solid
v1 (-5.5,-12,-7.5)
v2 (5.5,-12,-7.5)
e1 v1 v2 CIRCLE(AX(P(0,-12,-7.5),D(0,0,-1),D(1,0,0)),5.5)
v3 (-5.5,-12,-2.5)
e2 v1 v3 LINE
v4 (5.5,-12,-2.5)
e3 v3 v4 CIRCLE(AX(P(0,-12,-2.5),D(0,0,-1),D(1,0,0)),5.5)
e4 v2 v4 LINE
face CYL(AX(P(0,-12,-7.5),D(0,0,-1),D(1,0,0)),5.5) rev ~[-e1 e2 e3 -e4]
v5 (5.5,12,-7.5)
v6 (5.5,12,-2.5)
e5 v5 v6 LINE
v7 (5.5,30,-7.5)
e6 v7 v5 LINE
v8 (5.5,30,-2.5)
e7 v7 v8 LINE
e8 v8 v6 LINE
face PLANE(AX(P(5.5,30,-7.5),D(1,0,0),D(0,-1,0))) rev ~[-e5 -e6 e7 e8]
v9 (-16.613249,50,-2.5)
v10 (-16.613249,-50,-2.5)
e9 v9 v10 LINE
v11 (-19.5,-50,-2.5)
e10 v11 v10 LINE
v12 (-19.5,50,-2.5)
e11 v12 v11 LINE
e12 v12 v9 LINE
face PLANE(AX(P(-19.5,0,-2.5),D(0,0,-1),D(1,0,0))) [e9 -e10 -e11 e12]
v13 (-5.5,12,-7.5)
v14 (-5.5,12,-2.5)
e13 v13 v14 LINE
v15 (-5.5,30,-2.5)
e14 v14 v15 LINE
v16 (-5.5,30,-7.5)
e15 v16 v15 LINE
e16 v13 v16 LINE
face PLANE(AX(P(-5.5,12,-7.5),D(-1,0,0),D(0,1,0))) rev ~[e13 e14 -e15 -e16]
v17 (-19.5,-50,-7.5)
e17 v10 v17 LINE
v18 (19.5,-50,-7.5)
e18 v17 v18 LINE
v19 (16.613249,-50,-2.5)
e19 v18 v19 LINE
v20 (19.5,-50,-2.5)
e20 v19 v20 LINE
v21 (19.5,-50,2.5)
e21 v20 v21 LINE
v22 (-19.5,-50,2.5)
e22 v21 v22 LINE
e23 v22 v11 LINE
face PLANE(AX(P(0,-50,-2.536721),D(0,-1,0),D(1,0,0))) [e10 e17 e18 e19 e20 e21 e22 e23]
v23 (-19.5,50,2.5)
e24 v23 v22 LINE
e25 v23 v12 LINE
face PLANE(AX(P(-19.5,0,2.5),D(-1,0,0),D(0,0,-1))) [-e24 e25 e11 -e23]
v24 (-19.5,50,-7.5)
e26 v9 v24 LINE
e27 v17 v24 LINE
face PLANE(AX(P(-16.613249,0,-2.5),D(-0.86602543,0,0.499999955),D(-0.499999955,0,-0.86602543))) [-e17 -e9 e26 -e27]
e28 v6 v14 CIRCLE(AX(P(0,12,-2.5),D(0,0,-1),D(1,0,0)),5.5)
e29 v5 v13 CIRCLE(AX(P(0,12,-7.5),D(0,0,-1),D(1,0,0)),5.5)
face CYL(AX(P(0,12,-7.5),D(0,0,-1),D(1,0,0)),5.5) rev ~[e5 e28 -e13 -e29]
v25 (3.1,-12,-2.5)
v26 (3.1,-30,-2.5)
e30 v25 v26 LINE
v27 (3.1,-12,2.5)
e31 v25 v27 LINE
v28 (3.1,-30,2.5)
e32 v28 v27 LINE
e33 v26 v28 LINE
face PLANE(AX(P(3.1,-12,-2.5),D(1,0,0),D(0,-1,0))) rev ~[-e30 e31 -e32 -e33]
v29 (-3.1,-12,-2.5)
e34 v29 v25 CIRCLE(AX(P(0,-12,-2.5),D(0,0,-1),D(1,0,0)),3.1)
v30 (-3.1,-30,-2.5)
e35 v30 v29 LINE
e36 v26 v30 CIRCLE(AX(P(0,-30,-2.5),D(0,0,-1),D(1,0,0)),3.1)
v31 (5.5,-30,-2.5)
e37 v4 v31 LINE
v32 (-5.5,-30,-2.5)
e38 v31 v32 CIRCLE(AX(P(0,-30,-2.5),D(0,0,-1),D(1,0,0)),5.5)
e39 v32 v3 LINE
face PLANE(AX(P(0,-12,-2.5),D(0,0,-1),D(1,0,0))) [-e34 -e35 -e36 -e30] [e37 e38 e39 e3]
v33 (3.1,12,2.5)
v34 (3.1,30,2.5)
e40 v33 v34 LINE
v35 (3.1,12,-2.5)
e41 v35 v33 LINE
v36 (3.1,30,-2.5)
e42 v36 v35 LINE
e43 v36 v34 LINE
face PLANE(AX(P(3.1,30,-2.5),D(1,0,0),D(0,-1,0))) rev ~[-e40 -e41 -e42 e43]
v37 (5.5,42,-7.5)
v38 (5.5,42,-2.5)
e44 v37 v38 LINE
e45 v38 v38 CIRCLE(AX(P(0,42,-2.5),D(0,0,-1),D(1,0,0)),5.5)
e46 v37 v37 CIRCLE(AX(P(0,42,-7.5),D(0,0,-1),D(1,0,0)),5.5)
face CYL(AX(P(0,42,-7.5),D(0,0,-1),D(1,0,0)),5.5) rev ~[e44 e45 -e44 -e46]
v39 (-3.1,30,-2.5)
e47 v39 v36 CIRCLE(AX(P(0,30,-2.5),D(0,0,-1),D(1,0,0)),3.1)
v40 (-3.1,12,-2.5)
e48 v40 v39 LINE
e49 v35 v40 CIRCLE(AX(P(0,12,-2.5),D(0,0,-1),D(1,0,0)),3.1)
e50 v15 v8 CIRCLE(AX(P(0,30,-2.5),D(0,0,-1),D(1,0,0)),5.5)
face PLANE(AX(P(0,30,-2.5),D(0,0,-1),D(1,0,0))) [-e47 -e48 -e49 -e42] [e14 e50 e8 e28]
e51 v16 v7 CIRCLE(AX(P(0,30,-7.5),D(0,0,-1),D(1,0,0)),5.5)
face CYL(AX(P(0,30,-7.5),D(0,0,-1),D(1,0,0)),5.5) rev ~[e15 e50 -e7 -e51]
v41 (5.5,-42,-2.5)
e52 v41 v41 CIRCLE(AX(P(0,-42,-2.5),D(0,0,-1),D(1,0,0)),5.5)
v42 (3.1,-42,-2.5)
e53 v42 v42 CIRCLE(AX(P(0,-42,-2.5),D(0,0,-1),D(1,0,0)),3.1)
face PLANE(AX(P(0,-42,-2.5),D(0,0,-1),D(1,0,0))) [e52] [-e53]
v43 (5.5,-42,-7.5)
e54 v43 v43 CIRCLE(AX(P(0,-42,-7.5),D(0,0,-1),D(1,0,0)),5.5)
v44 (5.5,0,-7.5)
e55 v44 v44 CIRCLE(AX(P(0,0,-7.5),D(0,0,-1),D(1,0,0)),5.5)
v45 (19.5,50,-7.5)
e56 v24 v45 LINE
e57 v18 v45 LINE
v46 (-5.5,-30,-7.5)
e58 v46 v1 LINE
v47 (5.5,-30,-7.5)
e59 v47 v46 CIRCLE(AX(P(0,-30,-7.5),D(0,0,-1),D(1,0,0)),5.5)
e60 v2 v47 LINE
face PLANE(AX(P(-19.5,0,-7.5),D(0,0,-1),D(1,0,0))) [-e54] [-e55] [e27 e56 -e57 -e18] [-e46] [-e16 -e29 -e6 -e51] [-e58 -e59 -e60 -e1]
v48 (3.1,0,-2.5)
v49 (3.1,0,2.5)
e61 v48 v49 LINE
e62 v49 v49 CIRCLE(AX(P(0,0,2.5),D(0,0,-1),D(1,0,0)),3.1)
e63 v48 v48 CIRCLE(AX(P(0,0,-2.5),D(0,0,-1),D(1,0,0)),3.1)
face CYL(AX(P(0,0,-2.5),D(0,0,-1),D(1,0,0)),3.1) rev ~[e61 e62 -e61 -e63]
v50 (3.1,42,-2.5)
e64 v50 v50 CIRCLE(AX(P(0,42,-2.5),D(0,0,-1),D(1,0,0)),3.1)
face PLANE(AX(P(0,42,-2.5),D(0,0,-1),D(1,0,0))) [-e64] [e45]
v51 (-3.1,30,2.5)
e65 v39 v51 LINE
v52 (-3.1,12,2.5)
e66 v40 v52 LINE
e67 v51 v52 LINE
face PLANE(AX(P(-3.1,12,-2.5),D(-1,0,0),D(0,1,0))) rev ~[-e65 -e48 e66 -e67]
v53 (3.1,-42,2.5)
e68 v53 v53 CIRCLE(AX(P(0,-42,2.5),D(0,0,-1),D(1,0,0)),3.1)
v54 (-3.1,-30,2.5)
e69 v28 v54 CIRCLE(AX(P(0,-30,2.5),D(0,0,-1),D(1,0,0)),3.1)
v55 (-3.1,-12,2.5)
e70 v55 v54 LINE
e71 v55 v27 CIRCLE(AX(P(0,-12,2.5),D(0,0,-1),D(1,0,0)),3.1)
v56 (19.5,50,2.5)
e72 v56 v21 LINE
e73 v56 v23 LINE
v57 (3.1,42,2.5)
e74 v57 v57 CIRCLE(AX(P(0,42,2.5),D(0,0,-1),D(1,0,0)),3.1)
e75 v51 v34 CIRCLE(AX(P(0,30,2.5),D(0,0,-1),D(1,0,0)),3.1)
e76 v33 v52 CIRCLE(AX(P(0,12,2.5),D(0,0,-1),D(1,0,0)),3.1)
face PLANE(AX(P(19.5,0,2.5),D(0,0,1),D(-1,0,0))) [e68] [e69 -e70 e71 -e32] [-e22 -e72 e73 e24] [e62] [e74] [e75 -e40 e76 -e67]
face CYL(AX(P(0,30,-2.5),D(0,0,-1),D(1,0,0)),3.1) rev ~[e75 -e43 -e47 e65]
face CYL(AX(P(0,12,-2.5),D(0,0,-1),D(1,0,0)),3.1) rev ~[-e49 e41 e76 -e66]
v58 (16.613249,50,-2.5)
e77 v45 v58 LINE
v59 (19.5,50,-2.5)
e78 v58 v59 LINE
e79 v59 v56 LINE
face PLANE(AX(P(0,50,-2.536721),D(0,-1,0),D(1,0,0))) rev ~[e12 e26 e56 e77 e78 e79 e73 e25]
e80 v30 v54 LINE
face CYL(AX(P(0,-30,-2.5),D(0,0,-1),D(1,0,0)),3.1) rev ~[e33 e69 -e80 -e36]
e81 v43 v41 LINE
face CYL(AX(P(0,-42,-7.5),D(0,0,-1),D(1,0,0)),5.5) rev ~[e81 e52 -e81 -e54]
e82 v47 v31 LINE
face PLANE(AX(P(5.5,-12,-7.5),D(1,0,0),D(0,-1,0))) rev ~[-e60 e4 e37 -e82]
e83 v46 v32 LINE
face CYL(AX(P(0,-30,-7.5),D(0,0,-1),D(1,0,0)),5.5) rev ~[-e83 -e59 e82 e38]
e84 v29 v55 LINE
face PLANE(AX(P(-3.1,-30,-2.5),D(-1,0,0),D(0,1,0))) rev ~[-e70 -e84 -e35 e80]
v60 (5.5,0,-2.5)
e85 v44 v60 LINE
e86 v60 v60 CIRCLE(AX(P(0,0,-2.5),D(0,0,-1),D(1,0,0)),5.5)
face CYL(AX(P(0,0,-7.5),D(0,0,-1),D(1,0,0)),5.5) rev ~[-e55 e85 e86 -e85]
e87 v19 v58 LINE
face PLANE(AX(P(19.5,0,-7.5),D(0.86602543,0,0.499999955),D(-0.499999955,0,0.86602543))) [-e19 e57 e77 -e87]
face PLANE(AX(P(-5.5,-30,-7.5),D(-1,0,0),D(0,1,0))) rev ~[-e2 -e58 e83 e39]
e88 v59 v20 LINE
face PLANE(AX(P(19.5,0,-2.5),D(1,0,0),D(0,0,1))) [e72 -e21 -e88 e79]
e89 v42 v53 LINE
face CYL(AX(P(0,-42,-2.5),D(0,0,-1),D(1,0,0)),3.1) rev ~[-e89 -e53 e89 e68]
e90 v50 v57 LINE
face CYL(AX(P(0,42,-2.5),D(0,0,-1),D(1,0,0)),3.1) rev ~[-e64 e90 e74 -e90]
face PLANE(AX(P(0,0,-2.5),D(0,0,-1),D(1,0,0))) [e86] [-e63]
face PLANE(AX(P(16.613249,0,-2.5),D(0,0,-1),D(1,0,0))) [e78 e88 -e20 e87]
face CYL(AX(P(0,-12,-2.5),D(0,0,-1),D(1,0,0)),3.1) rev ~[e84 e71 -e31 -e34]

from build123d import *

# Parameters (mm, degrees)
F1_DEPTH = 50
F2_R     = 5.5
F3_DEPTH = 5
F4_R     = 3.1
F5_DEPTH = 5.001


with BuildPart() as f1:
    # F0 (on Front) → F1 (new body, symmetric)
    with BuildSketch(Plane.XZ):
        Polygon((16.613249, -2.5), (19.5, -2.5), (19.5, 2.5), (-19.5, 2.5), (-19.5, -2.5), (-16.613249, -2.5), (-19.5, -7.5), (19.5, -7.5), align=None)
    extrude(amount=F1_DEPTH, both=True)

    # F2 (on face) → F3 (cut)
    with BuildSketch(Plane(origin=(0, 0, -7.5), x_dir=(1, 0, 0), z_dir=(0, 0, -1))):
        Circle(F2_R)
        with Locations((0, -42)):
            Circle(F2_R)
        with Locations((0, 42)):
            Circle(F2_R)
        with BuildLine():
            ThreePointArc((-5.5, -30), (0, -35.5), (5.5, -30))
            ThreePointArc((5.5, -30), (0, -24.5), (-5.5, -30))
        make_face()
        with BuildLine():
            ThreePointArc((-5.5, -30), (0, -24.5), (5.5, -30))
            Line((5.5, -30), (5.5, -12))
            ThreePointArc((5.5, -12), (0, -17.5), (-5.5, -12))
            Line((-5.5, -12), (-5.5, -30))
        make_face()
        with BuildLine():
            ThreePointArc((-5.5, -12), (0, -17.5), (5.5, -12))
            ThreePointArc((5.5, -12), (0, -6.5), (-5.5, -12))
        make_face()
        with BuildLine():
            ThreePointArc((-5.5, 12), (0, 6.5), (5.5, 12))
            ThreePointArc((5.5, 12), (0, 17.5), (-5.5, 12))
        make_face()
        with BuildLine():
            ThreePointArc((-5.5, 12), (0, 17.5), (5.5, 12))
            Line((5.5, 12), (5.5, 30))
            ThreePointArc((5.5, 30), (0, 24.5), (-5.5, 30))
            Line((-5.5, 30), (-5.5, 12))
        make_face()
        with BuildLine():
            ThreePointArc((-5.5, 30), (0, 24.5), (5.5, 30))
            ThreePointArc((5.5, 30), (0, 35.5), (-5.5, 30))
        make_face()
    extrude(amount=-F3_DEPTH, mode=Mode.SUBTRACT)

    # F4 (on face) → F5 (cut, through all)
    with BuildSketch(Plane(origin=(0, 0, -2.5), x_dir=(1, 0, 0), z_dir=(0, 0, -1))):
        with Locations((0, -42)):
            Circle(F4_R)
        Circle(F4_R)
        with Locations((0, 42)):
            Circle(F4_R)
        with BuildLine():
            ThreePointArc((-3.1, -30), (0, -33.1), (3.1, -30))
            ThreePointArc((3.1, -30), (0, -26.9), (-3.1, -30))
        make_face()
        with BuildLine():
            ThreePointArc((-3.1, -30), (0, -26.9), (3.1, -30))
            Line((3.1, -30), (3.1, -12))
            ThreePointArc((3.1, -12), (0, -15.1), (-3.1, -12))
            Line((-3.1, -12), (-3.1, -30))
        make_face()
        with BuildLine():
            ThreePointArc((-3.1, -12), (0, -15.1), (3.1, -12))
            ThreePointArc((3.1, -12), (0, -8.9), (-3.1, -12))
        make_face()
        with BuildLine():
            ThreePointArc((-3.1, 12), (0, 8.9), (3.1, 12))
            ThreePointArc((3.1, 12), (0, 15.1), (-3.1, 12))
        make_face()
        with BuildLine():
            ThreePointArc((-3.1, 12), (0, 15.1), (3.1, 12))
            Line((3.1, 12), (3.1, 30))
            ThreePointArc((3.1, 30), (0, 26.9), (-3.1, 30))
            Line((-3.1, 30), (-3.1, 12))
        make_face()
        with BuildLine():
            ThreePointArc((-3.1, 30), (0, 26.9), (3.1, 30))
            ThreePointArc((3.1, 30), (0, 33.1), (-3.1, 30))
        make_face()
    extrude(amount=-F5_DEPTH, mode=Mode.SUBTRACT)


solid = f1.part
